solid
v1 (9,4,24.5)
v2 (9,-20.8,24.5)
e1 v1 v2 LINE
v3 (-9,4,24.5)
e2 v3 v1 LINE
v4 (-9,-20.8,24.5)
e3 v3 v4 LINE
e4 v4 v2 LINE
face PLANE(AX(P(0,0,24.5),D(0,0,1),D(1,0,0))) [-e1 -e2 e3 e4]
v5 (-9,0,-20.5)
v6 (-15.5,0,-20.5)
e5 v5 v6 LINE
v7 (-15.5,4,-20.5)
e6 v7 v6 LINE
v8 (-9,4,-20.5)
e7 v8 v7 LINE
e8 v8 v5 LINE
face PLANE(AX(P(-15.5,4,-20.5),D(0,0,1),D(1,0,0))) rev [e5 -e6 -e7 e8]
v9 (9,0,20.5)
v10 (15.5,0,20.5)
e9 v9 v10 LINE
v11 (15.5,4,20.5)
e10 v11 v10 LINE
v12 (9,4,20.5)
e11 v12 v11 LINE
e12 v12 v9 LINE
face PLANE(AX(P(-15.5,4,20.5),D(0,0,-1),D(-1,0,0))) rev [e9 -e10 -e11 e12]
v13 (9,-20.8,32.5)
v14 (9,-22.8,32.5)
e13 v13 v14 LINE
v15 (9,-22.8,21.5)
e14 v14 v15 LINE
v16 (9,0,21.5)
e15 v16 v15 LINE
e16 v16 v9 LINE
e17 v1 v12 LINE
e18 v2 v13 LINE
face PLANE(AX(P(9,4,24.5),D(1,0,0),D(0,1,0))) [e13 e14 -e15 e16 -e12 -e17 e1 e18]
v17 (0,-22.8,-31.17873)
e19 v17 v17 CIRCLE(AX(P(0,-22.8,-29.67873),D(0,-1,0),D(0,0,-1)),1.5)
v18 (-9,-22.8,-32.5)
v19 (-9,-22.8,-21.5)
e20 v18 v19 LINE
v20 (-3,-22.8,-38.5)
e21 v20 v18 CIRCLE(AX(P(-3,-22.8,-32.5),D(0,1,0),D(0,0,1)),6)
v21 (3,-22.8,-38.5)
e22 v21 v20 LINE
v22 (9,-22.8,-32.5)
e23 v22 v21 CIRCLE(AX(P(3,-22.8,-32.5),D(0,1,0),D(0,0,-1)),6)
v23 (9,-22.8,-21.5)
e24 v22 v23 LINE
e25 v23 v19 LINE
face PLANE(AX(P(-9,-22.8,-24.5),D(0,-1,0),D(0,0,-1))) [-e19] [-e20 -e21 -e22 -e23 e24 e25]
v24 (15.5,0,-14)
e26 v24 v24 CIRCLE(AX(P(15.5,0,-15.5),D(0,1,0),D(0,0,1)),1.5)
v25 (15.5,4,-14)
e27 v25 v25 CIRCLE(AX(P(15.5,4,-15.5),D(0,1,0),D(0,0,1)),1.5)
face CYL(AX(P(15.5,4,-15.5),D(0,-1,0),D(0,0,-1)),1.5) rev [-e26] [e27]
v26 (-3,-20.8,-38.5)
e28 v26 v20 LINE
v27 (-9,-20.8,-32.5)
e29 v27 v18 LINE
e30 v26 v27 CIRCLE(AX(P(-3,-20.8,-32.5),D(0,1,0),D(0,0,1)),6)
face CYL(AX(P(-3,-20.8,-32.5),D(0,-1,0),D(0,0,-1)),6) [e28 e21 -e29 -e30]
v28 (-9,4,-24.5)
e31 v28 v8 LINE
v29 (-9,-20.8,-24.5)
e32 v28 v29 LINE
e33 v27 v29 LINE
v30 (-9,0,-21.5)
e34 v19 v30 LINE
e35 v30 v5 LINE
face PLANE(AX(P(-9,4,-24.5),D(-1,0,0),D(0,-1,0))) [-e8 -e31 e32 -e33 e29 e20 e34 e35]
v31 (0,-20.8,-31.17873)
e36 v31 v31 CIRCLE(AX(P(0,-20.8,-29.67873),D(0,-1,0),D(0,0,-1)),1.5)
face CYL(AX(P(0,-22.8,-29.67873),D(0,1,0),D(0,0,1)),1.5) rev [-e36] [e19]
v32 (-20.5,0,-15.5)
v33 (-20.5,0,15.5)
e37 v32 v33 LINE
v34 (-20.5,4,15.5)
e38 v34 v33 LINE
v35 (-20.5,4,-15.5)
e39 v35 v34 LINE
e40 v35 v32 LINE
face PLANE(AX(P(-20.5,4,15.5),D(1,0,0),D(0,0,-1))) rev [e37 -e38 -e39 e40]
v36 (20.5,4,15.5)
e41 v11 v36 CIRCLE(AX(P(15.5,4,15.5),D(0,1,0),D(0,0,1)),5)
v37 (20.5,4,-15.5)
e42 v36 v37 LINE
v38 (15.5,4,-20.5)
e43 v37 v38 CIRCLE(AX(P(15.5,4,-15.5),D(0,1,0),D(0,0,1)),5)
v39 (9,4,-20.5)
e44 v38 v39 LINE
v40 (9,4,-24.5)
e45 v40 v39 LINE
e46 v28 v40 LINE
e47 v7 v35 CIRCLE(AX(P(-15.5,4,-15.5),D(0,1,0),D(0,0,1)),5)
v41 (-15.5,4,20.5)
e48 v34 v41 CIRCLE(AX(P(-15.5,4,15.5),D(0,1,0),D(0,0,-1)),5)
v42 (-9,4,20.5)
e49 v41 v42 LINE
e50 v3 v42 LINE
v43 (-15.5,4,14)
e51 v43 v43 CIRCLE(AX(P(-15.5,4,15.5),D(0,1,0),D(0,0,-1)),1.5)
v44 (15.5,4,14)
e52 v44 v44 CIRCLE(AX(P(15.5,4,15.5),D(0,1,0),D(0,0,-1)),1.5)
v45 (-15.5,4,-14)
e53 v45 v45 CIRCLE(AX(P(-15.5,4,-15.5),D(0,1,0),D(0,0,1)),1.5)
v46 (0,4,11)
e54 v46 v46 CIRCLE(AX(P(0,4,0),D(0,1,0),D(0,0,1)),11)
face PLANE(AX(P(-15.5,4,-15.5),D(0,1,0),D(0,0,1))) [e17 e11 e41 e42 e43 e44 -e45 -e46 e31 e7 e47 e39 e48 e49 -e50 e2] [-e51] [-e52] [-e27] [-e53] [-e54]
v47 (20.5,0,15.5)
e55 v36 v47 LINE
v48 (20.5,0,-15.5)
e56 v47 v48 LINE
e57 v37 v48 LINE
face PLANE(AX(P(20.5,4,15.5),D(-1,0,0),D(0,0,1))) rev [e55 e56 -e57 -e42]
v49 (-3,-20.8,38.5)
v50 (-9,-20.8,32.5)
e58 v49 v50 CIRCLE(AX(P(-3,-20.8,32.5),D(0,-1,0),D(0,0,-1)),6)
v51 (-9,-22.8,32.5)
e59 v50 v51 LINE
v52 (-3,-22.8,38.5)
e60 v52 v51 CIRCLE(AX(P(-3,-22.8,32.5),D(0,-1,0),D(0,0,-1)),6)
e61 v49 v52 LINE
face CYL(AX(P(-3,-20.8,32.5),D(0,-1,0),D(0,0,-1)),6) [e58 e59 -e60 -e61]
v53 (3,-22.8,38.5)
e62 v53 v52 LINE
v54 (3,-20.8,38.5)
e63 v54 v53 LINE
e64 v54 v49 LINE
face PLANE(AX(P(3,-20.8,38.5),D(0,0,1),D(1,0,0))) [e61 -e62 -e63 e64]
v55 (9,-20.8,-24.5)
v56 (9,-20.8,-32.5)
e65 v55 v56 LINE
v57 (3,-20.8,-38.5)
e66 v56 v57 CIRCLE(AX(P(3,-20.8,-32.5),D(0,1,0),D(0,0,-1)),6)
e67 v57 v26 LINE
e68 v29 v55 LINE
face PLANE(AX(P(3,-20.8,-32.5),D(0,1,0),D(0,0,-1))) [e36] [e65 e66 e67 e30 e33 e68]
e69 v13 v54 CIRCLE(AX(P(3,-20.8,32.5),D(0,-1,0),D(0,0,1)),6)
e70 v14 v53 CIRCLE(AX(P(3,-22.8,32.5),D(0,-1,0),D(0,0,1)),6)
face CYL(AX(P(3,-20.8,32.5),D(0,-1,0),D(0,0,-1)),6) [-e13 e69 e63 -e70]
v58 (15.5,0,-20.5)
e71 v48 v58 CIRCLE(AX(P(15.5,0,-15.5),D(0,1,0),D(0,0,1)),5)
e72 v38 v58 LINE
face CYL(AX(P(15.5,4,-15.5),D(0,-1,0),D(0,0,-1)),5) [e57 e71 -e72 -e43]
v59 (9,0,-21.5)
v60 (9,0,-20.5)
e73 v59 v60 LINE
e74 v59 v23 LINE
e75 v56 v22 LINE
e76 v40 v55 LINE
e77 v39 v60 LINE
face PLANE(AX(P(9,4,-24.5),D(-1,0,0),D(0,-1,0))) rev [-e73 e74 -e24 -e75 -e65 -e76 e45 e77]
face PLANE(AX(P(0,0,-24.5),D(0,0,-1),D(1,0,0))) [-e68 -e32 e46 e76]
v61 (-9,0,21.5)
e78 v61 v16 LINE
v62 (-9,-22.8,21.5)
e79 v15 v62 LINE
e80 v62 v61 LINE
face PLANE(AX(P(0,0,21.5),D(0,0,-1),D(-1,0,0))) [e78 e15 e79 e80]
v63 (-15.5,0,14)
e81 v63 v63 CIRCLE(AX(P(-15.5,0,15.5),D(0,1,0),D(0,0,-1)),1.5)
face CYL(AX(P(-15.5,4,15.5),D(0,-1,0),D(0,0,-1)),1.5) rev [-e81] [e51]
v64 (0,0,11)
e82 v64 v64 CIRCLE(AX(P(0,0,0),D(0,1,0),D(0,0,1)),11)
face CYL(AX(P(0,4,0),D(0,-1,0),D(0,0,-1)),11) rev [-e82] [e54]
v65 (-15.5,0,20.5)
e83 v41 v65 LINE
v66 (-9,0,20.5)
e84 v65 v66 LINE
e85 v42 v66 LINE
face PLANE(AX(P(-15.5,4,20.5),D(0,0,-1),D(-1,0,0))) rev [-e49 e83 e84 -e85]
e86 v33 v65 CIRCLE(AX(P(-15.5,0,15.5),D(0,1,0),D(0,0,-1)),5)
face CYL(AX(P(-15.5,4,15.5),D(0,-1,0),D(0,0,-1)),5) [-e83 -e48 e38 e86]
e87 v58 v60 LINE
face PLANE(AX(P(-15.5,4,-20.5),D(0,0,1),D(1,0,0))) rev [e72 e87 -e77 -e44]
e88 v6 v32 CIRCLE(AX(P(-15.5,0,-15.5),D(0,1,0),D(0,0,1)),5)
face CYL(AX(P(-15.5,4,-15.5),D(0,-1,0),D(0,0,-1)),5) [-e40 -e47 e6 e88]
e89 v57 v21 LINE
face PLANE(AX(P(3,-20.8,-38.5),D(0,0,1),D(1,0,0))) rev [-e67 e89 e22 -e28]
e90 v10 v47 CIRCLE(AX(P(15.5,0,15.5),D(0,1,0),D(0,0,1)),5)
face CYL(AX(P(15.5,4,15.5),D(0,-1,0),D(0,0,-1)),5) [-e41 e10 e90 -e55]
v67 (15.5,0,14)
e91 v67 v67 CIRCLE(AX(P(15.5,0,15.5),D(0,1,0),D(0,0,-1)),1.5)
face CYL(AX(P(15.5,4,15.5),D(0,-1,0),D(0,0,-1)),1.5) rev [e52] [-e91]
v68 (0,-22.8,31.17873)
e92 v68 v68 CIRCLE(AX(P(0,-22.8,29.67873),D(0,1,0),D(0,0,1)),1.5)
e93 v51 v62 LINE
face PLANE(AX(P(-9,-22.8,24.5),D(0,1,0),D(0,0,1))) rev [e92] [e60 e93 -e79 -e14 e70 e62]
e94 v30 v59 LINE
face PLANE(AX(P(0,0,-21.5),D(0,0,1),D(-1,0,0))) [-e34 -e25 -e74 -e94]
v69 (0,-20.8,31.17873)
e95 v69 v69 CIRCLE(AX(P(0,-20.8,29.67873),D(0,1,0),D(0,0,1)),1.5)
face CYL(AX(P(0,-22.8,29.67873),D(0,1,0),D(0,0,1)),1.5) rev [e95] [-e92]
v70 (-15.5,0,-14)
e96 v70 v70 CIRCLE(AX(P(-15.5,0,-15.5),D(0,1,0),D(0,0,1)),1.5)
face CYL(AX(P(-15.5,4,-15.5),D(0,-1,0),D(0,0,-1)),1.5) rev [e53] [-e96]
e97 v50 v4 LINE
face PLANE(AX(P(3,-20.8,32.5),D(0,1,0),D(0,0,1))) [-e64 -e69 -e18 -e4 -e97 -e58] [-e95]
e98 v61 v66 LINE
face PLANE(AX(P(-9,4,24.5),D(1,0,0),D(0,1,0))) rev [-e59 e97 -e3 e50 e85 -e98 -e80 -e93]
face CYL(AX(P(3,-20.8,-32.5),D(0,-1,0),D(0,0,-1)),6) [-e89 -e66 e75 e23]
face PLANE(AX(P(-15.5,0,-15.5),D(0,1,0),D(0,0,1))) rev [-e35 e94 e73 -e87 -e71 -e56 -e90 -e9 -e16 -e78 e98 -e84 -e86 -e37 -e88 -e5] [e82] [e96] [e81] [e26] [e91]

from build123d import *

# Parameters (mm, degrees)
SKETCH_2_R             = 11
SKETCH_2_R_2           = 1.5
EXTRUDE_483_DEPTH      = 4
SKETCH_3_W             = 18
SKETCH_3_H             = 26.8
EXTRUDE_726_DEPTH      = 4
EXTRUDE_922_DEPTH      = 2
SKETCH_5_R             = 1.5
CUT_EXTRUDE_1097_DEPTH = 51.175093423
SKETCH_7_W             = 18
SKETCH_7_H             = 22.8
CUT_EXTRUDE_1_DEPTH    = 1


with BuildPart() as part:
    # Эскиз2 → Extrude 483 (new body)
    with BuildSketch(Plane(origin=(0, 0, 0), x_dir=(1, 0, 0), z_dir=(0, 1, 0))):
        with BuildLine():
            Line((-15.5, -20.5), (15.5, -20.5))
            ThreePointArc((15.5, -20.5), (19.035533906, -19.035533906), (20.5, -15.5))
            Line((20.5, -15.5), (20.5, 15.5))
            ThreePointArc((20.5, 15.5), (19.035533906, 19.035533906), (15.5, 20.5))
            Line((15.5, 20.5), (-15.5, 20.5))
            ThreePointArc((-15.5, 20.5), (-19.035533906, 19.035533906), (-20.5, 15.5))
            Line((-20.5, 15.5), (-20.5, -15.5))
            ThreePointArc((-20.5, -15.5), (-19.035533906, -19.035533906), (-15.5, -20.5))
        make_face()
        with Locations(Location((0, 0, 0), (0, 0, 270))):
            Circle(SKETCH_2_R, mode=Mode.SUBTRACT)
        with Locations(Location((-15.5, 15.5, 0), (0, 0, 270))):
            Circle(SKETCH_2_R_2, mode=Mode.SUBTRACT)
        with Locations(Location((15.5, -15.5, 0), (0, 0, 90))):
            Circle(SKETCH_2_R_2, mode=Mode.SUBTRACT)
        with Locations(Location((-15.5, -15.5, 0), (0, 0, 90))):
            Circle(SKETCH_2_R_2, mode=Mode.SUBTRACT)
        with Locations(Location((15.5, 15.5, 0), (0, 0, 270))):
            Circle(SKETCH_2_R_2, mode=Mode.SUBTRACT)
    extrude(amount=EXTRUDE_483_DEPTH)

    # Эскиз3 → Extrude 726 (add)
    with BuildSketch(Plane.XY.offset(20.5)):
        with Locations((0, -9.4)):
            Rectangle(SKETCH_3_W, SKETCH_3_H)
    extrude_726 = extrude(amount=EXTRUDE_726_DEPTH)

    # Эскиз4 → Extrude 922 (add)
    with BuildSketch(Plane.XZ.offset(22.8)):
        with BuildLine():
            Line((9, 24.5), (-9, 24.5))
            Line((-9, 24.5), (-9, 32.5))
            ThreePointArc((-9, 32.5), (-7.242640687, 36.742640687), (-3, 38.5))
            Line((-3, 38.5), (3, 38.5))
            ThreePointArc((3, 38.5), (7.242640687, 36.742640687), (9, 32.5))
            Line((9, 32.5), (9, 24.5))
        make_face()
    extrude_922 = extrude(amount=-EXTRUDE_922_DEPTH)

    # Эскиз5 → Cut-Extrude 1097 (cut, through all)
    with BuildSketch(Plane(origin=(0, -20.8, 0), x_dir=(1, 0, 0), z_dir=(0, 1, 0))):
        with Locations(Location((0, -29.678729535, 0), (0, 0, 270))):
            Circle(SKETCH_5_R)
    cut_extrude_1097 = extrude(amount=-CUT_EXTRUDE_1097_DEPTH, mode=Mode.SUBTRACT)

    # Эскиз7 → Вырез-Вытянуть1 (cut)
    with BuildSketch(Plane(origin=(0, 0, 20.5), x_dir=(-1, 0, 0), z_dir=(0, 0, -1))):
        with Locations((0, -11.4)):
            Rectangle(SKETCH_7_W, SKETCH_7_H)
    cut_extrude_1 = extrude(amount=-CUT_EXTRUDE_1_DEPTH, mode=Mode.SUBTRACT)

    # Зеркальное отражение1: Extrude 726, Extrude 922, Cut-Extrude 1097, Вырез-Вытянуть1 across plane
    add(extrude_726.mirror(Plane.XY))
    add(extrude_922.mirror(Plane.XY))
    add(cut_extrude_1097.mirror(Plane.XY), mode=Mode.SUBTRACT)
    add(cut_extrude_1.mirror(Plane.XY), mode=Mode.SUBTRACT)


solid = part.part
